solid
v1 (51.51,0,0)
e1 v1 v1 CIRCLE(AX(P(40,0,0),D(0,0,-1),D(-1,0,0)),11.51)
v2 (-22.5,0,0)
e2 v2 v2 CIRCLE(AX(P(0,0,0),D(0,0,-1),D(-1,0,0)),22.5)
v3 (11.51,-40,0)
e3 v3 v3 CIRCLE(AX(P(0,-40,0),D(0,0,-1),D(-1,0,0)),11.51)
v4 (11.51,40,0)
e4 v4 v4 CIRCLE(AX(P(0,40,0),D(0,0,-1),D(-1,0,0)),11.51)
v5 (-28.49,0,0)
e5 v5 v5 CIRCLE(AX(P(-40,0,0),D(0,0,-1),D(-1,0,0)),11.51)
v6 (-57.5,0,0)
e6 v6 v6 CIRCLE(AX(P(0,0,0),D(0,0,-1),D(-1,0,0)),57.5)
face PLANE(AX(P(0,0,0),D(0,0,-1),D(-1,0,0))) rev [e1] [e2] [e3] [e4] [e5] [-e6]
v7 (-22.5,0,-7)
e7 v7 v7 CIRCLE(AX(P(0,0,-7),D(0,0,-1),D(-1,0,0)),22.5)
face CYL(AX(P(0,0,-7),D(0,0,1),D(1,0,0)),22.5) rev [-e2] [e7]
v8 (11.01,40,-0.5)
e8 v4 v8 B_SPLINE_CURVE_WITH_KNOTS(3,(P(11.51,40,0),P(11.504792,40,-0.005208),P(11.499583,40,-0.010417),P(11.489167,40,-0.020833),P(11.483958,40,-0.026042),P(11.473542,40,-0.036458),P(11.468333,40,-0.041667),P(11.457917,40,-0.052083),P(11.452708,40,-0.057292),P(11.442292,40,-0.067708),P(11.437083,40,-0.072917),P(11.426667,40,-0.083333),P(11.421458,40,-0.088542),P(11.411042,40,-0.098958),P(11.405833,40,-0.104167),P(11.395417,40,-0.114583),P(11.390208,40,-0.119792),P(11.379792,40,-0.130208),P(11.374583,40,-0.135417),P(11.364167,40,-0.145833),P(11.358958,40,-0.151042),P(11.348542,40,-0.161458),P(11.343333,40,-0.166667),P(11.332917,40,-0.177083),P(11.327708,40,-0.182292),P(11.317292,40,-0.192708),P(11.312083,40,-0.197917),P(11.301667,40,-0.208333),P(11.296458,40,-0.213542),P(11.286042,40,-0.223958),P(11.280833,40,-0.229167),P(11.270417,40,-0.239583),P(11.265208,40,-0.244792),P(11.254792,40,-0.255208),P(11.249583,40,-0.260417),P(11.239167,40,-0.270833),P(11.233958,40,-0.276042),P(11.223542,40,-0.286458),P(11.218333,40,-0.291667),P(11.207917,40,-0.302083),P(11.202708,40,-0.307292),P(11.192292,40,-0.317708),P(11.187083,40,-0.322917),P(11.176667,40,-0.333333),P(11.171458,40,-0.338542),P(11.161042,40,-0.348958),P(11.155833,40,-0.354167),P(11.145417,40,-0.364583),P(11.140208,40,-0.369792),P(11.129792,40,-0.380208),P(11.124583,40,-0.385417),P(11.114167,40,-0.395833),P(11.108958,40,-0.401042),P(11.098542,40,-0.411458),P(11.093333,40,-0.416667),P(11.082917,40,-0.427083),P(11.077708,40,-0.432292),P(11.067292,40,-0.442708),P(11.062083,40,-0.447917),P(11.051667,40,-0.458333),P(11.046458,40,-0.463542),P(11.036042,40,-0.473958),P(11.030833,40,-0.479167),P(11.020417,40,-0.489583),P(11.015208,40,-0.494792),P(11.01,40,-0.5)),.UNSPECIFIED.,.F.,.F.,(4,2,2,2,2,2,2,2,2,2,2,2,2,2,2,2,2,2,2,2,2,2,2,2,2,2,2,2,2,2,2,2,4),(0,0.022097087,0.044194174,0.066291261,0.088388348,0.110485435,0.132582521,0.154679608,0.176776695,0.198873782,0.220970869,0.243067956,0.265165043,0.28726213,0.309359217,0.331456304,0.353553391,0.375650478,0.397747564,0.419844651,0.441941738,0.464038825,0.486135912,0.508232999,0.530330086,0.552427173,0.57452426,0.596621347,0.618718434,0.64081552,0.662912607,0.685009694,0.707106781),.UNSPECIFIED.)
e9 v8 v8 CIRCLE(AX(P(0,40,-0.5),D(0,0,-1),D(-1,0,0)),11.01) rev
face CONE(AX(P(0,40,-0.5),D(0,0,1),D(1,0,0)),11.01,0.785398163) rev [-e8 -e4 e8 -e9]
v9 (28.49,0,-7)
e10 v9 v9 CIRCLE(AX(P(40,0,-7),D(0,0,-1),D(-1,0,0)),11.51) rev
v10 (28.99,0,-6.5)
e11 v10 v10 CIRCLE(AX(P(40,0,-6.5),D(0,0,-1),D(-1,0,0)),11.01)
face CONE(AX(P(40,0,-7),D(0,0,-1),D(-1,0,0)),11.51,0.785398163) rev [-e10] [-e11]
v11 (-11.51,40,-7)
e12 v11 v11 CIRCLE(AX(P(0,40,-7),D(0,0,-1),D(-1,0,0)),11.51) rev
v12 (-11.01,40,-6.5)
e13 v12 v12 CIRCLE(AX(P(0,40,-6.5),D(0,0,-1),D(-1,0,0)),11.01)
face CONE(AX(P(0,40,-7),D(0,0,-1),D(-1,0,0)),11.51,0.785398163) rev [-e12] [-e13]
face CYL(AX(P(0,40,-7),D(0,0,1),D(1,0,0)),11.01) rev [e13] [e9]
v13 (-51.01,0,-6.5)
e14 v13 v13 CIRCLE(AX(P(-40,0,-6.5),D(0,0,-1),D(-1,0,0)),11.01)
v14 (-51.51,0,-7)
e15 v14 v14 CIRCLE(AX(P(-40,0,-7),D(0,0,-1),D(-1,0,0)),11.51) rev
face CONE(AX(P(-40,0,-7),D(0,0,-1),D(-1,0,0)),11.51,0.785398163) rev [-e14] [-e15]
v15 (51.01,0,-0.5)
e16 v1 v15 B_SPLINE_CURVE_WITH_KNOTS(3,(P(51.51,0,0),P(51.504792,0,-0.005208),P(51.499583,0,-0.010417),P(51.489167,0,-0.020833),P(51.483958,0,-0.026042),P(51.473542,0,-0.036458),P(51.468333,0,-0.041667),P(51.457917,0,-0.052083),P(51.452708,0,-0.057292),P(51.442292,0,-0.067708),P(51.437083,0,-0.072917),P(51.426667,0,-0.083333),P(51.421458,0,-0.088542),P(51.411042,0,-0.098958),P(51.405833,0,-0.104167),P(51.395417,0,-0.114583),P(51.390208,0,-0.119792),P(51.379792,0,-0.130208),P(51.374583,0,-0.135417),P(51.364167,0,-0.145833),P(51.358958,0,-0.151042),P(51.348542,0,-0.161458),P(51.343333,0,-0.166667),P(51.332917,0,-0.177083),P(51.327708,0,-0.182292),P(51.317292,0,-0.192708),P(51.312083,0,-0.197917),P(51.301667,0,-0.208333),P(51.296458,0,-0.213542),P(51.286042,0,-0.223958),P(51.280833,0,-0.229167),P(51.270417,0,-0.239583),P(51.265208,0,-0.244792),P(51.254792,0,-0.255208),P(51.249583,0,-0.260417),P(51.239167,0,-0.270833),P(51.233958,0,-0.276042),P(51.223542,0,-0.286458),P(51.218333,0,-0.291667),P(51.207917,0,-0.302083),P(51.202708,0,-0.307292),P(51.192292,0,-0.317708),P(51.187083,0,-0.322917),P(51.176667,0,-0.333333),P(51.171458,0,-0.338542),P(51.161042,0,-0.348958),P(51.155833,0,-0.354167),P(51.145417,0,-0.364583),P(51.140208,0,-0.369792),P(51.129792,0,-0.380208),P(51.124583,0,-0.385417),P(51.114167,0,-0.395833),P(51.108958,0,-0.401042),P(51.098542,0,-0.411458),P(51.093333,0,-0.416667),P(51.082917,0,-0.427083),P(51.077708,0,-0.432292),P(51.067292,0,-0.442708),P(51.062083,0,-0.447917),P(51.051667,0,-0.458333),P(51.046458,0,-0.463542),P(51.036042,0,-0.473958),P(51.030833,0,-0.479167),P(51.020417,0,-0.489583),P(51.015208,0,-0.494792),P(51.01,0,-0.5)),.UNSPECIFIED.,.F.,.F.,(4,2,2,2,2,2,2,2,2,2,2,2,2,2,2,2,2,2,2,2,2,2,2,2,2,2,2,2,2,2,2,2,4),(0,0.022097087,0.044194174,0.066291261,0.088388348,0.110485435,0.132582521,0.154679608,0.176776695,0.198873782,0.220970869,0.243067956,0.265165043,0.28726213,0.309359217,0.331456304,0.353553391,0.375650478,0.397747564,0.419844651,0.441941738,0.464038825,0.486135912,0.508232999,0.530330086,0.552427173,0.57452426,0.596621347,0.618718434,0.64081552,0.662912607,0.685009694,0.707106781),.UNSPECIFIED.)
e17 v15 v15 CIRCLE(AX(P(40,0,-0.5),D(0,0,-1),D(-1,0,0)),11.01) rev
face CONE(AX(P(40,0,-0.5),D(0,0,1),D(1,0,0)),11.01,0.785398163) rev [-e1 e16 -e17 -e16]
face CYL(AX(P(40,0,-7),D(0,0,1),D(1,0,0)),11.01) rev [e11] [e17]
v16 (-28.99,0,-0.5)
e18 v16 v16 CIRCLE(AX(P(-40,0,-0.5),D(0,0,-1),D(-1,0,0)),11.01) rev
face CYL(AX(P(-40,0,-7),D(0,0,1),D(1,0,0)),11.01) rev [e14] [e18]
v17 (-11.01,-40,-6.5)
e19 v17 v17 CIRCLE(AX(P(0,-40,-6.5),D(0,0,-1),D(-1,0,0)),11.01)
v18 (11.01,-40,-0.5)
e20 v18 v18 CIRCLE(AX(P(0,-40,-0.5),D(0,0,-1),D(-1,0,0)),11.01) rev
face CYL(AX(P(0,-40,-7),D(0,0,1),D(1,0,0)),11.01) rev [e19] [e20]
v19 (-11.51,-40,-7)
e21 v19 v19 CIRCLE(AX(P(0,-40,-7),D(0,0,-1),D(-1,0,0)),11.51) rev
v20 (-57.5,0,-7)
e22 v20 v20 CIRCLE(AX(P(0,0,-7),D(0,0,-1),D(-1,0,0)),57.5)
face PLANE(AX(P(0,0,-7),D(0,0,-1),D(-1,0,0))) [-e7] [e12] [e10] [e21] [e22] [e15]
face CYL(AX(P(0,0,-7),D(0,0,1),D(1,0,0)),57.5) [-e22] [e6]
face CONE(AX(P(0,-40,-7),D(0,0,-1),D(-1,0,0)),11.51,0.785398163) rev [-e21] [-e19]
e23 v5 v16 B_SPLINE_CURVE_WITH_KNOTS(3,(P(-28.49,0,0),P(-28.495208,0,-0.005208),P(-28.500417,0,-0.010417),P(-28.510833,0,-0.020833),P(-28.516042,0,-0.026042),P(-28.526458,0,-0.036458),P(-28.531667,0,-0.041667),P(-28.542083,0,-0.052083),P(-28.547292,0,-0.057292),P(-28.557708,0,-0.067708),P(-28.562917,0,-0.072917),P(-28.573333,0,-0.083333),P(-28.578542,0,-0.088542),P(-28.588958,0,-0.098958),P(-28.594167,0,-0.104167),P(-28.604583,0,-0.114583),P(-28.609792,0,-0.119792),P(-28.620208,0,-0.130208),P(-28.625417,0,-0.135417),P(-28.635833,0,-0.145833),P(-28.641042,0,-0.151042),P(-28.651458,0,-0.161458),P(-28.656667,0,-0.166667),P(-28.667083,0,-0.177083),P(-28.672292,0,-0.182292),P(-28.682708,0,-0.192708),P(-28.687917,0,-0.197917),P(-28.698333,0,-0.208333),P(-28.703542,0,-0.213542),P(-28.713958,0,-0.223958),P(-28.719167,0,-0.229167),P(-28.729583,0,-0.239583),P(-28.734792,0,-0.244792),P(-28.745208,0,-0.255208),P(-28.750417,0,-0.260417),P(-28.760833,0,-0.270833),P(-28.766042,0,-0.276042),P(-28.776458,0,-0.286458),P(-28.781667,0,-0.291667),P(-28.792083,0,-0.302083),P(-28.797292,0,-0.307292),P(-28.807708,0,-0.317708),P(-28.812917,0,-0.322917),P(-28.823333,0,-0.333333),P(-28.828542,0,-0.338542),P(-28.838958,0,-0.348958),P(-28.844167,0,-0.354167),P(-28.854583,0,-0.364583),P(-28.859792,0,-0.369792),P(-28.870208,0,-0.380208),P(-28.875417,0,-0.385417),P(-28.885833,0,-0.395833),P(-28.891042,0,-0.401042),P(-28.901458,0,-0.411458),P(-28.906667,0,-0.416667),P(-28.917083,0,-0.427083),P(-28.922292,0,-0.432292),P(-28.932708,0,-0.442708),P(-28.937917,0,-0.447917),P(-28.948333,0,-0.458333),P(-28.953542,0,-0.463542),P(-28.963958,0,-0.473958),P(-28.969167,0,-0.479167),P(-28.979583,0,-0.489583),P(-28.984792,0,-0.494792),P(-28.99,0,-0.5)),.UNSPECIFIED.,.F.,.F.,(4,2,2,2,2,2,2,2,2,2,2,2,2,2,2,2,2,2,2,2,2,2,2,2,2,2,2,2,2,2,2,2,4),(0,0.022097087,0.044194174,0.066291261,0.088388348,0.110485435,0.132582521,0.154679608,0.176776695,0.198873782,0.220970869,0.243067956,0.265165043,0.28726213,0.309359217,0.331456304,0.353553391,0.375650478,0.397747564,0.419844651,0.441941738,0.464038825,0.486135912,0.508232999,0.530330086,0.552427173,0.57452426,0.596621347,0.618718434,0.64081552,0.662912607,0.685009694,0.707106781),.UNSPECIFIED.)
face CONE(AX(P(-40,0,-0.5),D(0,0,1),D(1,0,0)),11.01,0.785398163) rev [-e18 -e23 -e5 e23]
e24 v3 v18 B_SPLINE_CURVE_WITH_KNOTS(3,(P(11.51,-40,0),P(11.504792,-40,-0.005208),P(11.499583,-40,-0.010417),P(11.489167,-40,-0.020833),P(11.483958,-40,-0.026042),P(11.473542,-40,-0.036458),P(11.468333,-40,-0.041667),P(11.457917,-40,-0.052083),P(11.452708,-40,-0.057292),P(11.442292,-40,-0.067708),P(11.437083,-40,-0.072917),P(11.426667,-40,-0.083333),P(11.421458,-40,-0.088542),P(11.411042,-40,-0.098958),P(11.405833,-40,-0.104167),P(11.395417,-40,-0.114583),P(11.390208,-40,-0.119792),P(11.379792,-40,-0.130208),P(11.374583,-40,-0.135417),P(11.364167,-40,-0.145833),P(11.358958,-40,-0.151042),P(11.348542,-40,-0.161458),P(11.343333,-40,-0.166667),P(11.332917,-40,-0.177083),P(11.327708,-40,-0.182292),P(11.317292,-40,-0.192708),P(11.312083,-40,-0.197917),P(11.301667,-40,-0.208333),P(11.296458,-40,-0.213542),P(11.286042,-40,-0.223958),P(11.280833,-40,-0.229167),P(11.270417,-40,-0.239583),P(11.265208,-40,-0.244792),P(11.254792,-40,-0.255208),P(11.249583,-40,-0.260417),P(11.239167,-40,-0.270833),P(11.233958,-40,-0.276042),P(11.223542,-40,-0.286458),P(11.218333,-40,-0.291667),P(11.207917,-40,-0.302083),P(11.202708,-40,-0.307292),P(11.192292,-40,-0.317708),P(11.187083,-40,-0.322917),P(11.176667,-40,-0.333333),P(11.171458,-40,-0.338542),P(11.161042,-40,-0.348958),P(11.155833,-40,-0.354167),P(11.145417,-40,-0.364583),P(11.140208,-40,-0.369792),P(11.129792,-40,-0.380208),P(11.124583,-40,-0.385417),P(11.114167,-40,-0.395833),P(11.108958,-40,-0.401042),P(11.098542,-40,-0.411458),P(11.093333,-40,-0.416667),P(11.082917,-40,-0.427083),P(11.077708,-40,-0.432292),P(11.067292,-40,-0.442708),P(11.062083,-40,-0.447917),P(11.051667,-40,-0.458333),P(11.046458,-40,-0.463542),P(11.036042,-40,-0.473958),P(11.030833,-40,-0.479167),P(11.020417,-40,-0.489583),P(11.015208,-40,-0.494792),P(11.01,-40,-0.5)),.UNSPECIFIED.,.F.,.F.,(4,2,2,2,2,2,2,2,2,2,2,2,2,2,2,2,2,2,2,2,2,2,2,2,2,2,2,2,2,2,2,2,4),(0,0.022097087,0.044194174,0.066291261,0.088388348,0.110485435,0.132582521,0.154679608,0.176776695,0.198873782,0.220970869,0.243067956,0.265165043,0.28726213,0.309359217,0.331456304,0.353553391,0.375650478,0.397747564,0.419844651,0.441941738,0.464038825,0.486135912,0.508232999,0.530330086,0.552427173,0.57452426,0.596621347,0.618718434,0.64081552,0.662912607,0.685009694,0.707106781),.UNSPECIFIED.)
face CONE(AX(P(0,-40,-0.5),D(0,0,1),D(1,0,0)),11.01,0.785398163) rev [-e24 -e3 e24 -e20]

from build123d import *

# Parameters (mm, degrees)
SKETCH3_R                    = 57.5
SKETCH3_R_2                  = 22.5
BOSS_EXTRUDE2_DEPTH          = 7
SKETCH12_R                   = 11.01
CUT_EXTRUDE7_DEPTH           = 82.618012718
CHAMFER5_SIZE                = 0.5
CIRPATTERN4_COUNT            = 4
CHAMFER5_OF_CIRPATTERN4_SIZE = 0.5


with BuildPart() as part:
    # Sketch3 → Boss-Extrude2 (new body)
    with BuildSketch(Plane(origin=(0, 0, 0), x_dir=(-1, 0, 0), z_dir=(0, 0, -1))):
        Circle(SKETCH3_R)
        Circle(SKETCH3_R_2, mode=Mode.SUBTRACT)
    extrude(amount=BOSS_EXTRUDE2_DEPTH)

    # Sketch12 → Cut-Extrude7 (cut, through all)
    with BuildSketch(Plane.XY):
        with Locations((-40, 0)):
            Circle(SKETCH12_R)
    cut_extrude7 = extrude(amount=-CUT_EXTRUDE7_DEPTH, mode=Mode.SUBTRACT)

    # Chamfer5
    chamfer5_edges = [part.edges().sort_by_distance(p)[0] for p in [
        (-51.01, 0, -7),
        (-51.01, 0, 0),
    ]]
    chamfer(chamfer5_edges, length=CHAMFER5_SIZE)

    # CirPattern4: Cut-Extrude7 ×4 about axis
    cirpattern4_axis = Axis((0, 0, -7), (0, 0, 1))
    for i in range(1, CIRPATTERN4_COUNT):
        add(cut_extrude7.rotate(cirpattern4_axis, i * 360 / CIRPATTERN4_COUNT), mode=Mode.SUBTRACT)

    # Chamfer5 of CirPattern4
    chamfer5_of_cirpattern4_edges = [part.edges().sort_by_distance(p)[0] for p in [
        (0, -51.01, -7),
        (0, -51.01, 0),
        (51.01, 0, -7),
        (51.01, 0, 0),
        (0, 51.01, -7),
        (0, 51.01, 0),
    ]]
    chamfer(chamfer5_of_cirpattern4_edges, length=CHAMFER5_OF_CIRPATTERN4_SIZE)


solid = part.part
